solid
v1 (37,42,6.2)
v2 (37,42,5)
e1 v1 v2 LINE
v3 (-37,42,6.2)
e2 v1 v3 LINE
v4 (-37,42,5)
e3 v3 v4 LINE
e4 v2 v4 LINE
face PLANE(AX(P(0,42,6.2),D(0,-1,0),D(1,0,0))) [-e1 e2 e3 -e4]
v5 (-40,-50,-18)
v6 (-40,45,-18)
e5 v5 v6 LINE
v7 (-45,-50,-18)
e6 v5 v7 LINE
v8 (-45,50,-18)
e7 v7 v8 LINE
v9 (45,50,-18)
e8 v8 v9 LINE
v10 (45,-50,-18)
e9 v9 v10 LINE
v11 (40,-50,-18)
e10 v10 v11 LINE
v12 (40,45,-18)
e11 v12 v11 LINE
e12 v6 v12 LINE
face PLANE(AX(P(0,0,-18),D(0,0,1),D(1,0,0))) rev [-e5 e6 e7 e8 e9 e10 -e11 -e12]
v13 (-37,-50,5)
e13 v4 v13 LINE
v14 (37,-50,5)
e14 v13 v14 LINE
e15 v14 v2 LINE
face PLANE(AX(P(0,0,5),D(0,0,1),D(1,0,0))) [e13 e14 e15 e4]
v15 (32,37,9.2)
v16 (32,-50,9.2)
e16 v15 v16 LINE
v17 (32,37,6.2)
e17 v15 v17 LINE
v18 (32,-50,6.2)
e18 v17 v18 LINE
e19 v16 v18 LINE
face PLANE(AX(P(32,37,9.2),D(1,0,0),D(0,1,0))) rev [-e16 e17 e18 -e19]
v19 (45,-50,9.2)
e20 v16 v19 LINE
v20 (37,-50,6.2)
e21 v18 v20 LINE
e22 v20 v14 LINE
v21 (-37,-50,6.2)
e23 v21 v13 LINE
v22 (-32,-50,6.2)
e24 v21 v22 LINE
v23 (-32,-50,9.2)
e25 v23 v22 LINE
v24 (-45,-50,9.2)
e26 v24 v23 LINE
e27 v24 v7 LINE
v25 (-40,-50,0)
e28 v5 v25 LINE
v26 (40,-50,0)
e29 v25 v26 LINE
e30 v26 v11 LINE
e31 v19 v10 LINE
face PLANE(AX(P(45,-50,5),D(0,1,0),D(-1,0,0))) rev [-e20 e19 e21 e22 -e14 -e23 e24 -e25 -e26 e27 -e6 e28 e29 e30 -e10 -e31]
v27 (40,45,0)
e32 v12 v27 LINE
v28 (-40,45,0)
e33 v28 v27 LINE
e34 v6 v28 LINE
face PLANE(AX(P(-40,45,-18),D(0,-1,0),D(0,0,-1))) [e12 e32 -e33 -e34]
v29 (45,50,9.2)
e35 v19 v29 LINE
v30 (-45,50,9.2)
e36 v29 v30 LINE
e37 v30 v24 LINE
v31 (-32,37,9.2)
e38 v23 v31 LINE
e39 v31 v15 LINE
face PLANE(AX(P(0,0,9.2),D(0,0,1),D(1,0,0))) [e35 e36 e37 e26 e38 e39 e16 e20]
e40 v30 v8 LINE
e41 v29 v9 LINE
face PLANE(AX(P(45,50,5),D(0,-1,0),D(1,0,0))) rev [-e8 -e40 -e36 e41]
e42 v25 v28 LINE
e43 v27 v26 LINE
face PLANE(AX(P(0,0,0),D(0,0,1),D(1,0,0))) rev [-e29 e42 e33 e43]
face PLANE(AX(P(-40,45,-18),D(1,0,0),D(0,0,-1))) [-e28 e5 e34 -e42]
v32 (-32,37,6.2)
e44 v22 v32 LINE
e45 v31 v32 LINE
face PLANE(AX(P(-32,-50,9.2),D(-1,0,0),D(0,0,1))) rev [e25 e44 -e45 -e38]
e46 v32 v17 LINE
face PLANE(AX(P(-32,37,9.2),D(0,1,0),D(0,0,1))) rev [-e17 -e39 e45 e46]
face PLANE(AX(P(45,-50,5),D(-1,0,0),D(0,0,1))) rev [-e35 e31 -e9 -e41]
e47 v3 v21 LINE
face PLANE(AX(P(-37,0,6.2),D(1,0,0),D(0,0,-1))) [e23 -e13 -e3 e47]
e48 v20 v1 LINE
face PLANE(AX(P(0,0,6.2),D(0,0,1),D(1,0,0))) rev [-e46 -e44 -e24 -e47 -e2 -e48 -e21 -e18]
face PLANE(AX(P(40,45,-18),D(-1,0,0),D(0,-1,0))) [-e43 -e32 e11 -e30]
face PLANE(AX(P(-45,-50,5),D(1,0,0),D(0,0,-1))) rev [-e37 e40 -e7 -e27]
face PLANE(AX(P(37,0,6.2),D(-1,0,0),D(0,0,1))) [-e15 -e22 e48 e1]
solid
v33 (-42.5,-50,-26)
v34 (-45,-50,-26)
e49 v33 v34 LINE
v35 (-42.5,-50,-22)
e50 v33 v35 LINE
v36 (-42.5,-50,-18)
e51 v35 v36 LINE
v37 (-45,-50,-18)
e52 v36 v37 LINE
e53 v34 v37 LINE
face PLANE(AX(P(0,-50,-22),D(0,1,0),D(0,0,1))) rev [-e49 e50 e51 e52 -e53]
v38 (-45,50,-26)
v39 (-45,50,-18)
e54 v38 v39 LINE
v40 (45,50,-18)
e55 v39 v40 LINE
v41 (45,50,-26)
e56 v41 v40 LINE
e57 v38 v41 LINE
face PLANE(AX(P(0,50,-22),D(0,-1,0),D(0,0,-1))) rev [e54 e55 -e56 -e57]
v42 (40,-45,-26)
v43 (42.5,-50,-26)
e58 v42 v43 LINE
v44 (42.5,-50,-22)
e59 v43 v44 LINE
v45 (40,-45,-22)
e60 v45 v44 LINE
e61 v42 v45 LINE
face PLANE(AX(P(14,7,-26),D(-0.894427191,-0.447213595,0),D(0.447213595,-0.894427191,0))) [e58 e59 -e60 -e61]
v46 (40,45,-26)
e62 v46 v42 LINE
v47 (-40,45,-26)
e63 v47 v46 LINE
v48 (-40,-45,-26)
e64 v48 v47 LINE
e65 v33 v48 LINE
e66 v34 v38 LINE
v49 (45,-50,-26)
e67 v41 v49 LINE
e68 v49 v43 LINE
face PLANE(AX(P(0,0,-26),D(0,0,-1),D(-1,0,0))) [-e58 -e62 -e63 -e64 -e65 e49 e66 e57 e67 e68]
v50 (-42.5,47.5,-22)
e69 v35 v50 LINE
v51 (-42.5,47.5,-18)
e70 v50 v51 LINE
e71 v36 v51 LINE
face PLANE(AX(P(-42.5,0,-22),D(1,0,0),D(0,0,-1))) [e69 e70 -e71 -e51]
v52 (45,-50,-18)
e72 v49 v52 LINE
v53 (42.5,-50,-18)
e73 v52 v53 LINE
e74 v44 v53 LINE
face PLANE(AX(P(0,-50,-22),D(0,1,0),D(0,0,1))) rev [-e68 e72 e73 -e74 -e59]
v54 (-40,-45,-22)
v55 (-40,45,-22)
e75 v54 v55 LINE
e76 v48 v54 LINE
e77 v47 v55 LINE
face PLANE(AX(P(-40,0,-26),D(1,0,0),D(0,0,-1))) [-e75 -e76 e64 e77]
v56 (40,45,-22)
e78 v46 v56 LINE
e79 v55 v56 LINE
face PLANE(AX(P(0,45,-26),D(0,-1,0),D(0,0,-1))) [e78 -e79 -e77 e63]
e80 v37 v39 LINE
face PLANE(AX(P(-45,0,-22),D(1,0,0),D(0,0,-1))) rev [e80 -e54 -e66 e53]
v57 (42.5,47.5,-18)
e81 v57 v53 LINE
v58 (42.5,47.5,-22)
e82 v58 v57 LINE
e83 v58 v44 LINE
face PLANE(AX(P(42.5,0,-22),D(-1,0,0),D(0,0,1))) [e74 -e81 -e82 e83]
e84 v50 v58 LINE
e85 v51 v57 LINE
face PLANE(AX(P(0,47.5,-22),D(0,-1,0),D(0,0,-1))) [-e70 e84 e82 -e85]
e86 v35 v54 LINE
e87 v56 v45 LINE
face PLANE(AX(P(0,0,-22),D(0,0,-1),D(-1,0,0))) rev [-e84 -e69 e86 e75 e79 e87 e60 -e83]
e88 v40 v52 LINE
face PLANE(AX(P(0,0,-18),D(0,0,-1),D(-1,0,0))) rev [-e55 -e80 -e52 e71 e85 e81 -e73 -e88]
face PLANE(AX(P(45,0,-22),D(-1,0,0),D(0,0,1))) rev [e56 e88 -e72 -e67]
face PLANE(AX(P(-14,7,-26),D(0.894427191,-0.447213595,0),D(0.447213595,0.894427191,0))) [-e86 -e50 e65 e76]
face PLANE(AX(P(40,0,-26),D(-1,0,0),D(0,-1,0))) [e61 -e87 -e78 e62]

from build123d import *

# Parameters (mm, degrees)
ESBO_O1_W                = 90
ESBO_O1_H                = 100
RESSALTO_EXTRUS_O1_DEPTH = 5
RESSALTO_EXTRUS_O2_DEPTH = 1.2
RESSALTO_EXTRUS_O3_DEPTH = 3
ESBO_O5_W                = 90
ESBO_O5_H                = 100
ESBO_O5_W_2              = 80
ESBO_O5_H_2              = 90
RESSALTO_EXTRUS_O5_DEPTH = 18
RESSALTO_EXTRUS_O6_DEPTH = 4
RESSALTO_EXTRUS_O7_DEPTH = 4
ESBO_O10_W               = 80
ESBO_O10_H               = 18
CORTE_EXTRUS_O3_DEPTH    = 14


with BuildPart() as part:
    # Esboço1 → Ressalto-extrusão1 (new body)
    with BuildSketch(Plane.XY):
        Rectangle(ESBO_O1_W, ESBO_O1_H)
    extrude(amount=RESSALTO_EXTRUS_O1_DEPTH)

    # Esboço2 → Ressalto-extrusão2 (add)
    with BuildSketch(Plane.XY.offset(5)):
        Polygon((45, 50), (-45, 50), (-45, -50), (-37, -50), (-37, -42), (-37, 42), (37, 42), (37, -42), (37, -50), (45, -50), align=None)
    extrude(amount=RESSALTO_EXTRUS_O2_DEPTH)

    # Esboço3 → Ressalto-extrusão3 (add)
    with BuildSketch(Plane.XY.offset(6.2)):
        Polygon((37, -50), (45, -50), (45, 50), (-45, 50), (-45, -50), (-37, -50), (-32, -50), (-32, 37), (32, 37), (32, -50), align=None)
    extrude(amount=RESSALTO_EXTRUS_O3_DEPTH)

    # Esboço5 → Ressalto-extrusão5 (add)
    with BuildSketch(Plane(origin=(0, 0, 0), x_dir=(-1, 0, 0), z_dir=(0, 0, -1))):
        Rectangle(ESBO_O5_W, ESBO_O5_H)
        Rectangle(ESBO_O5_W_2, ESBO_O5_H_2, mode=Mode.SUBTRACT)
    extrude(amount=RESSALTO_EXTRUS_O5_DEPTH)

    # Esboço10 → Corte-extrusão3 (cut)
    with BuildSketch(Plane(origin=(0, -45, 0), x_dir=(1, 0, 0), z_dir=(0, 1, 0))):
        with Locations((0, 9)):
            Rectangle(ESBO_O10_W, ESBO_O10_H)
    extrude(amount=-CORTE_EXTRUS_O3_DEPTH, mode=Mode.SUBTRACT)


with BuildPart() as body_2:
    # Esboço8 → Ressalto-extrusão6 (new body)
    with BuildSketch(Plane(origin=(0, 0, -18), x_dir=(-1, 0, 0), z_dir=(0, 0, -1))):
        Polygon((42.5, -50), (45, -50), (45, 50), (-45, 50), (-45, -50), (-42.5, -50), (-42.5, 47.5), (42.5, 47.5), align=None)
    extrude(amount=RESSALTO_EXTRUS_O6_DEPTH)

    # Esboço9 → Ressalto-extrusão7 (add)
    with BuildSketch(Plane(origin=(0, 0, -22), x_dir=(-1, 0, 0), z_dir=(0, 0, -1))):
        Polygon((-45, -50), (-42.5, -50), (-42.5, 47.5), (42.5, 47.5), (42.5, -50), (45, -50), (45, 50), (-45, 50), align=None)
        Polygon((42.5, -50), (40, -45), (40, 45), (-40, 45), (-40, -45), (-42.5, -50), (-42.5, 47.5), (42.5, 47.5), align=None)
    extrude(amount=RESSALTO_EXTRUS_O7_DEPTH)


solid = Compound([part.part, body_2.part])
